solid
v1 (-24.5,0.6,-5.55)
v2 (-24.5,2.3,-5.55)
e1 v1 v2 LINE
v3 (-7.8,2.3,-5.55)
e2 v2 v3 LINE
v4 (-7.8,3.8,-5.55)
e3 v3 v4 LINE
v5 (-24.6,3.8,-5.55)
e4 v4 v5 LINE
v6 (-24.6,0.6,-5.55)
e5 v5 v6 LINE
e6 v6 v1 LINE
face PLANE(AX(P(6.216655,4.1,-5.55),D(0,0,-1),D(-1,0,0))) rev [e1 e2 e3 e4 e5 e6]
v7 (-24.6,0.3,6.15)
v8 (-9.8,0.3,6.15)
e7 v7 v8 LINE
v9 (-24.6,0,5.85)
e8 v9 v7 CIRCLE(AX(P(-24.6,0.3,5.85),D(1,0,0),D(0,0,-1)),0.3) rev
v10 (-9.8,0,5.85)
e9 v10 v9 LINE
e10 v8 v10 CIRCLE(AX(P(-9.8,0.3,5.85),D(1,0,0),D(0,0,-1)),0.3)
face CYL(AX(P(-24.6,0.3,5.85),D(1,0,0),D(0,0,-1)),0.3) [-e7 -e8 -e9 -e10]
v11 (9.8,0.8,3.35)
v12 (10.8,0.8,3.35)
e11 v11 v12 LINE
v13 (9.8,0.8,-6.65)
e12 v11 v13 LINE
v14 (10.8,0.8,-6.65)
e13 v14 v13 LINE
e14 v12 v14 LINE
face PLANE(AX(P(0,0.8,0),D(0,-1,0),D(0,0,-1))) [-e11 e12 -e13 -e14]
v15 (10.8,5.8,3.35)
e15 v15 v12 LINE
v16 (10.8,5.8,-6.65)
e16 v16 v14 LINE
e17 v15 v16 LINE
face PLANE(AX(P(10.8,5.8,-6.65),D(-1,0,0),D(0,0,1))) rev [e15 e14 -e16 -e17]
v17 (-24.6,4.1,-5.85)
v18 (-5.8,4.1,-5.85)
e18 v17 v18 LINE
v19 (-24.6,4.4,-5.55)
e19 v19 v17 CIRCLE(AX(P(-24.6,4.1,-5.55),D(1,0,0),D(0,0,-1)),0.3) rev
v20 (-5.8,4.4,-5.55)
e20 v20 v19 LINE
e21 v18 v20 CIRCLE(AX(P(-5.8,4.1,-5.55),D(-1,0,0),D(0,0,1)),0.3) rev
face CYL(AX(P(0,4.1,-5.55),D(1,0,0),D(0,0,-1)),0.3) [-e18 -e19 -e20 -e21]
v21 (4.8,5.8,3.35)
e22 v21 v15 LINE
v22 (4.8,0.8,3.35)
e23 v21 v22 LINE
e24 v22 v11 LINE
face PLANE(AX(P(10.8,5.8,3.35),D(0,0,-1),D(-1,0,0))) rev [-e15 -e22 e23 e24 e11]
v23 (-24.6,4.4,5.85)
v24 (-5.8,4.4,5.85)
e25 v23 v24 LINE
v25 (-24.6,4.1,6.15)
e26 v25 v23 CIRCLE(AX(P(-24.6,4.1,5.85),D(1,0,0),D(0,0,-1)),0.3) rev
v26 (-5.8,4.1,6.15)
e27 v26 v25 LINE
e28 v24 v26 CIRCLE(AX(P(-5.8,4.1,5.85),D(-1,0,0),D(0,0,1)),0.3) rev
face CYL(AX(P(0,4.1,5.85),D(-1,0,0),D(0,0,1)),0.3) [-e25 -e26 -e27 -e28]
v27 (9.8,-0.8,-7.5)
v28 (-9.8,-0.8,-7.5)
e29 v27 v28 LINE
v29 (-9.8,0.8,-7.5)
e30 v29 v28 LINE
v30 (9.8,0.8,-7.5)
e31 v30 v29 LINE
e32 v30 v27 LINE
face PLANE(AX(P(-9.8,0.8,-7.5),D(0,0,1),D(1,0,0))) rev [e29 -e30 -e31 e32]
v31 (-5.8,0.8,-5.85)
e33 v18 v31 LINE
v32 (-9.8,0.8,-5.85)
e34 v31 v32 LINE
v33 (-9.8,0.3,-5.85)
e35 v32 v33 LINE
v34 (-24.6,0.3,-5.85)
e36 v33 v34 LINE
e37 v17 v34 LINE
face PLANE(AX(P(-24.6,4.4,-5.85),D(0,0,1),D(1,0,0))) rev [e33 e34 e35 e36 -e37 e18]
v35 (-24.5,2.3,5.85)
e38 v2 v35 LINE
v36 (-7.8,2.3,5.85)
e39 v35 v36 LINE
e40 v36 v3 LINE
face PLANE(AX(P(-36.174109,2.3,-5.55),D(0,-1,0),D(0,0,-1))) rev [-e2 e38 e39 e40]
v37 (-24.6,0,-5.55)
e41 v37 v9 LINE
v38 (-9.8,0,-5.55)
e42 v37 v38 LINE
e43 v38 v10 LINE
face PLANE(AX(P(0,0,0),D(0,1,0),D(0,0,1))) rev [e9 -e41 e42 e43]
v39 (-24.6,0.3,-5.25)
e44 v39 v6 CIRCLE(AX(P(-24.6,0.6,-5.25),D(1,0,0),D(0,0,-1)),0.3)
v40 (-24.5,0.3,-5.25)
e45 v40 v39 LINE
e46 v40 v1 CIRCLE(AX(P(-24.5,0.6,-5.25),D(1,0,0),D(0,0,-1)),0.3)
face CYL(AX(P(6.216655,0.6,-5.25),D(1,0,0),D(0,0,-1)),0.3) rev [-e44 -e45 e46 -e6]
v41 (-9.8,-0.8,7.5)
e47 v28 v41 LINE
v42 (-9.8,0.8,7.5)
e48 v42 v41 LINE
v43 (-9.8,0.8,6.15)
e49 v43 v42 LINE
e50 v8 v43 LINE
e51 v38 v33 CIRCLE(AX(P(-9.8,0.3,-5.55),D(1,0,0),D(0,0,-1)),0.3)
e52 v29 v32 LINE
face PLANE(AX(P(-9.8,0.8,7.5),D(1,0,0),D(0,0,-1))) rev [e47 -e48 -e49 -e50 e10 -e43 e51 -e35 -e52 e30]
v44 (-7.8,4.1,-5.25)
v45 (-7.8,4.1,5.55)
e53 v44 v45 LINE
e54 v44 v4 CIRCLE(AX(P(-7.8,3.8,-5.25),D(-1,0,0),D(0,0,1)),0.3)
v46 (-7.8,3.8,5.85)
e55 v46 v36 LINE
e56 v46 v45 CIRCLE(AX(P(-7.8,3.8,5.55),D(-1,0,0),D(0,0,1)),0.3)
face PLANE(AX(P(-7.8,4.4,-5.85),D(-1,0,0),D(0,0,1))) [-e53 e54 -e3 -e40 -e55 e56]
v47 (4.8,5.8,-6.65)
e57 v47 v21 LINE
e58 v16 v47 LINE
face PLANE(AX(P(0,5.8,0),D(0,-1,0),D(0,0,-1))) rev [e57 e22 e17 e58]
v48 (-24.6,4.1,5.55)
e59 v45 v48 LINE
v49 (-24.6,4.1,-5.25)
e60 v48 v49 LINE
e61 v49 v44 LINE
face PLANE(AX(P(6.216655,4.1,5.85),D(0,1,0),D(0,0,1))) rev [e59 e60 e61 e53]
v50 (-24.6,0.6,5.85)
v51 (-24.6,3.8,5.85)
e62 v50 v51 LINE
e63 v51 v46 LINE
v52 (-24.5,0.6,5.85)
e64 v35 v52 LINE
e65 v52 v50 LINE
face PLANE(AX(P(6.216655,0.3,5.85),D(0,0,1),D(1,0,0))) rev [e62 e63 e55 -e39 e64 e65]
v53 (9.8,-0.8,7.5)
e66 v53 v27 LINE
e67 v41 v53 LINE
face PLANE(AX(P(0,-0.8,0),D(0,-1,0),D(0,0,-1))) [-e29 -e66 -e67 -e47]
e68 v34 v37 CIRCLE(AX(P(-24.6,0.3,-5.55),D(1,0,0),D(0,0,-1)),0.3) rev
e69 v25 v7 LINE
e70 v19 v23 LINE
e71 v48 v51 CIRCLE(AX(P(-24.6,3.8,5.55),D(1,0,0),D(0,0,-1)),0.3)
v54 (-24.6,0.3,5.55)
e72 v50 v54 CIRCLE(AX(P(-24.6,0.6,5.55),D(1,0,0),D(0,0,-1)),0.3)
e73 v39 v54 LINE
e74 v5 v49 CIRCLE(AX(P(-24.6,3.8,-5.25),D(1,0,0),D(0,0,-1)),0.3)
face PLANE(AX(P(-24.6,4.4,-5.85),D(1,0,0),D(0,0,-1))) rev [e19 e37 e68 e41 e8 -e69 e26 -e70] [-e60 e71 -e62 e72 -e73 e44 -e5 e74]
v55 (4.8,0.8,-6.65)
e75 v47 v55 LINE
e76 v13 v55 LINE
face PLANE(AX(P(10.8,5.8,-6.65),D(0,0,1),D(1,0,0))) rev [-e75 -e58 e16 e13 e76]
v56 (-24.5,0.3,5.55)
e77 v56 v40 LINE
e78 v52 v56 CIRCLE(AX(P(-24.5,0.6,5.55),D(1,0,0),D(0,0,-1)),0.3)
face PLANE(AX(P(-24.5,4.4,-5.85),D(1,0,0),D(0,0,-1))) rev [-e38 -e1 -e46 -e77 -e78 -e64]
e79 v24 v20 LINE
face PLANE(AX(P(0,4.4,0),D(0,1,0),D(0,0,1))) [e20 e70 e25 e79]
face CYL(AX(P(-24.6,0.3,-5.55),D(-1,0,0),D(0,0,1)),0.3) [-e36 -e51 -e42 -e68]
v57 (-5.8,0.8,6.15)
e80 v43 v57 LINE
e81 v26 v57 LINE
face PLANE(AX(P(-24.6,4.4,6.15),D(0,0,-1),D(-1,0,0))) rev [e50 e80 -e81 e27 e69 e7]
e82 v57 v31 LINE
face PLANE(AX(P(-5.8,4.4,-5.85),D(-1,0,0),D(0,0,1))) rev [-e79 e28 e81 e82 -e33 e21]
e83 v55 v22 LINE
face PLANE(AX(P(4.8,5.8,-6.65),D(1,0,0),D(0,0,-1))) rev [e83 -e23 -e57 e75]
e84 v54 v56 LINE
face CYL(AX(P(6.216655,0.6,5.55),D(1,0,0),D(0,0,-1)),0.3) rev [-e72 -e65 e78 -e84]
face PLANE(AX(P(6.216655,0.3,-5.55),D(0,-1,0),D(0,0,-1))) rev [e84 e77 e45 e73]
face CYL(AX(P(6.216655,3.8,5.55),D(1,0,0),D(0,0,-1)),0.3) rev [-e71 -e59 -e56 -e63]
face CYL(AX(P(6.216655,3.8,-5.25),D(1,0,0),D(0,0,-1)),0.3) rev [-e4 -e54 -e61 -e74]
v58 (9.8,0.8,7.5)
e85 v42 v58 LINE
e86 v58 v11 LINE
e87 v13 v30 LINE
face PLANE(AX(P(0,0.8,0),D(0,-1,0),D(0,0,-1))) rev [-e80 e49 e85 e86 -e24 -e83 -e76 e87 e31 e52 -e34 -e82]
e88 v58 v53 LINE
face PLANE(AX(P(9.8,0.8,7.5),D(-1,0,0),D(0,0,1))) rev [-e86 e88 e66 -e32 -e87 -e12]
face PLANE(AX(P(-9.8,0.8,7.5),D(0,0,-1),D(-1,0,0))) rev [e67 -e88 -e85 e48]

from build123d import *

# Parameters (mm, degrees)
SKETCH1_W           = 19.6
SKETCH1_H           = 15
BOSS_EXTRUDE1_DEPTH = 0.8
SKETCH2_W           = 18.8
SKETCH2_H           = 12
BOSS_EXTRUDE2_DEPTH = 4.4
SKETCH3_W           = 11.4
SKETCH3_H           = 3.8
CUT_EXTRUDE1_DEPTH  = 16.8
FILLET1_R           = 0.3
SKETCH4_W           = 6
SKETCH4_H           = 10
BOSS_EXTRUDE3_DEPTH = 5
BOSS_EXTRUDE4_DEPTH = 16.7


with BuildPart() as part:
    # Sketch1 → Boss-Extrude1 (new, symmetric)
    with BuildSketch(Plane(origin=(0, 0, 0), x_dir=(1, 0, 0), z_dir=(0, 1, 0))):
        Rectangle(SKETCH1_W, SKETCH1_H)
    extrude(amount=BOSS_EXTRUDE1_DEPTH, both=True)

    # Sketch2 → Boss-Extrude2 (add)
    with BuildSketch(Plane(origin=(0, 0, 0), x_dir=(1, 0, 0), z_dir=(0, 1, 0))):
        with Locations((-15.2, -0.15)):
            Rectangle(SKETCH2_W, SKETCH2_H)
    extrude(amount=BOSS_EXTRUDE2_DEPTH)

    # Sketch3 → Cut-Extrude1 (cut)
    with BuildSketch(Plane.ZY.offset(24.6)):
        with Locations((0.15, 2.2)):
            Rectangle(SKETCH3_W, SKETCH3_H)
    extrude(amount=-CUT_EXTRUDE1_DEPTH, mode=Mode.SUBTRACT)

    # Fillet1
    fillet1_edges = [part.edges().sort_by_distance(p)[0] for p in [
        (-17.2, 0, 6.15),
        (-17.2, 0, -5.85),
        (-15.2, 4.4, 6.15),
        (-15.2, 4.4, -5.85),
        (-16.2, 0.3, 5.85),
        (-16.2, 0.3, -5.55),
        (-16.2, 4.1, -5.55),
        (-16.2, 4.1, 5.85),
    ]]
    fillet(fillet1_edges, radius=FILLET1_R)

    # Sketch4 → Boss-Extrude3 (add)
    with BuildSketch(Plane(origin=(0, 0.8, 0), x_dir=(1, 0, 0), z_dir=(0, 1, 0))):
        with Locations((7.8, 1.65)):
            Rectangle(SKETCH4_W, SKETCH4_H)
    extrude(amount=BOSS_EXTRUDE3_DEPTH)

    # Sketch5 → Boss-Extrude4 (add)
    with BuildSketch(Plane.ZY.offset(7.8)):
        with BuildLine():
            Line((5.55, 0.3), (-5.25, 0.3))
            ThreePointArc((-5.25, 0.3), (-5.462132034, 0.387867966), (-5.55, 0.6))
            Line((-5.55, 0.6), (-5.55, 2.3))
            Line((-5.55, 2.3), (5.85, 2.3))
            Line((5.85, 2.3), (5.85, 0.6))
            ThreePointArc((5.85, 0.6), (5.762132034, 0.387867966), (5.55, 0.3))
        make_face()
    extrude(amount=BOSS_EXTRUDE4_DEPTH)


solid = part.part
